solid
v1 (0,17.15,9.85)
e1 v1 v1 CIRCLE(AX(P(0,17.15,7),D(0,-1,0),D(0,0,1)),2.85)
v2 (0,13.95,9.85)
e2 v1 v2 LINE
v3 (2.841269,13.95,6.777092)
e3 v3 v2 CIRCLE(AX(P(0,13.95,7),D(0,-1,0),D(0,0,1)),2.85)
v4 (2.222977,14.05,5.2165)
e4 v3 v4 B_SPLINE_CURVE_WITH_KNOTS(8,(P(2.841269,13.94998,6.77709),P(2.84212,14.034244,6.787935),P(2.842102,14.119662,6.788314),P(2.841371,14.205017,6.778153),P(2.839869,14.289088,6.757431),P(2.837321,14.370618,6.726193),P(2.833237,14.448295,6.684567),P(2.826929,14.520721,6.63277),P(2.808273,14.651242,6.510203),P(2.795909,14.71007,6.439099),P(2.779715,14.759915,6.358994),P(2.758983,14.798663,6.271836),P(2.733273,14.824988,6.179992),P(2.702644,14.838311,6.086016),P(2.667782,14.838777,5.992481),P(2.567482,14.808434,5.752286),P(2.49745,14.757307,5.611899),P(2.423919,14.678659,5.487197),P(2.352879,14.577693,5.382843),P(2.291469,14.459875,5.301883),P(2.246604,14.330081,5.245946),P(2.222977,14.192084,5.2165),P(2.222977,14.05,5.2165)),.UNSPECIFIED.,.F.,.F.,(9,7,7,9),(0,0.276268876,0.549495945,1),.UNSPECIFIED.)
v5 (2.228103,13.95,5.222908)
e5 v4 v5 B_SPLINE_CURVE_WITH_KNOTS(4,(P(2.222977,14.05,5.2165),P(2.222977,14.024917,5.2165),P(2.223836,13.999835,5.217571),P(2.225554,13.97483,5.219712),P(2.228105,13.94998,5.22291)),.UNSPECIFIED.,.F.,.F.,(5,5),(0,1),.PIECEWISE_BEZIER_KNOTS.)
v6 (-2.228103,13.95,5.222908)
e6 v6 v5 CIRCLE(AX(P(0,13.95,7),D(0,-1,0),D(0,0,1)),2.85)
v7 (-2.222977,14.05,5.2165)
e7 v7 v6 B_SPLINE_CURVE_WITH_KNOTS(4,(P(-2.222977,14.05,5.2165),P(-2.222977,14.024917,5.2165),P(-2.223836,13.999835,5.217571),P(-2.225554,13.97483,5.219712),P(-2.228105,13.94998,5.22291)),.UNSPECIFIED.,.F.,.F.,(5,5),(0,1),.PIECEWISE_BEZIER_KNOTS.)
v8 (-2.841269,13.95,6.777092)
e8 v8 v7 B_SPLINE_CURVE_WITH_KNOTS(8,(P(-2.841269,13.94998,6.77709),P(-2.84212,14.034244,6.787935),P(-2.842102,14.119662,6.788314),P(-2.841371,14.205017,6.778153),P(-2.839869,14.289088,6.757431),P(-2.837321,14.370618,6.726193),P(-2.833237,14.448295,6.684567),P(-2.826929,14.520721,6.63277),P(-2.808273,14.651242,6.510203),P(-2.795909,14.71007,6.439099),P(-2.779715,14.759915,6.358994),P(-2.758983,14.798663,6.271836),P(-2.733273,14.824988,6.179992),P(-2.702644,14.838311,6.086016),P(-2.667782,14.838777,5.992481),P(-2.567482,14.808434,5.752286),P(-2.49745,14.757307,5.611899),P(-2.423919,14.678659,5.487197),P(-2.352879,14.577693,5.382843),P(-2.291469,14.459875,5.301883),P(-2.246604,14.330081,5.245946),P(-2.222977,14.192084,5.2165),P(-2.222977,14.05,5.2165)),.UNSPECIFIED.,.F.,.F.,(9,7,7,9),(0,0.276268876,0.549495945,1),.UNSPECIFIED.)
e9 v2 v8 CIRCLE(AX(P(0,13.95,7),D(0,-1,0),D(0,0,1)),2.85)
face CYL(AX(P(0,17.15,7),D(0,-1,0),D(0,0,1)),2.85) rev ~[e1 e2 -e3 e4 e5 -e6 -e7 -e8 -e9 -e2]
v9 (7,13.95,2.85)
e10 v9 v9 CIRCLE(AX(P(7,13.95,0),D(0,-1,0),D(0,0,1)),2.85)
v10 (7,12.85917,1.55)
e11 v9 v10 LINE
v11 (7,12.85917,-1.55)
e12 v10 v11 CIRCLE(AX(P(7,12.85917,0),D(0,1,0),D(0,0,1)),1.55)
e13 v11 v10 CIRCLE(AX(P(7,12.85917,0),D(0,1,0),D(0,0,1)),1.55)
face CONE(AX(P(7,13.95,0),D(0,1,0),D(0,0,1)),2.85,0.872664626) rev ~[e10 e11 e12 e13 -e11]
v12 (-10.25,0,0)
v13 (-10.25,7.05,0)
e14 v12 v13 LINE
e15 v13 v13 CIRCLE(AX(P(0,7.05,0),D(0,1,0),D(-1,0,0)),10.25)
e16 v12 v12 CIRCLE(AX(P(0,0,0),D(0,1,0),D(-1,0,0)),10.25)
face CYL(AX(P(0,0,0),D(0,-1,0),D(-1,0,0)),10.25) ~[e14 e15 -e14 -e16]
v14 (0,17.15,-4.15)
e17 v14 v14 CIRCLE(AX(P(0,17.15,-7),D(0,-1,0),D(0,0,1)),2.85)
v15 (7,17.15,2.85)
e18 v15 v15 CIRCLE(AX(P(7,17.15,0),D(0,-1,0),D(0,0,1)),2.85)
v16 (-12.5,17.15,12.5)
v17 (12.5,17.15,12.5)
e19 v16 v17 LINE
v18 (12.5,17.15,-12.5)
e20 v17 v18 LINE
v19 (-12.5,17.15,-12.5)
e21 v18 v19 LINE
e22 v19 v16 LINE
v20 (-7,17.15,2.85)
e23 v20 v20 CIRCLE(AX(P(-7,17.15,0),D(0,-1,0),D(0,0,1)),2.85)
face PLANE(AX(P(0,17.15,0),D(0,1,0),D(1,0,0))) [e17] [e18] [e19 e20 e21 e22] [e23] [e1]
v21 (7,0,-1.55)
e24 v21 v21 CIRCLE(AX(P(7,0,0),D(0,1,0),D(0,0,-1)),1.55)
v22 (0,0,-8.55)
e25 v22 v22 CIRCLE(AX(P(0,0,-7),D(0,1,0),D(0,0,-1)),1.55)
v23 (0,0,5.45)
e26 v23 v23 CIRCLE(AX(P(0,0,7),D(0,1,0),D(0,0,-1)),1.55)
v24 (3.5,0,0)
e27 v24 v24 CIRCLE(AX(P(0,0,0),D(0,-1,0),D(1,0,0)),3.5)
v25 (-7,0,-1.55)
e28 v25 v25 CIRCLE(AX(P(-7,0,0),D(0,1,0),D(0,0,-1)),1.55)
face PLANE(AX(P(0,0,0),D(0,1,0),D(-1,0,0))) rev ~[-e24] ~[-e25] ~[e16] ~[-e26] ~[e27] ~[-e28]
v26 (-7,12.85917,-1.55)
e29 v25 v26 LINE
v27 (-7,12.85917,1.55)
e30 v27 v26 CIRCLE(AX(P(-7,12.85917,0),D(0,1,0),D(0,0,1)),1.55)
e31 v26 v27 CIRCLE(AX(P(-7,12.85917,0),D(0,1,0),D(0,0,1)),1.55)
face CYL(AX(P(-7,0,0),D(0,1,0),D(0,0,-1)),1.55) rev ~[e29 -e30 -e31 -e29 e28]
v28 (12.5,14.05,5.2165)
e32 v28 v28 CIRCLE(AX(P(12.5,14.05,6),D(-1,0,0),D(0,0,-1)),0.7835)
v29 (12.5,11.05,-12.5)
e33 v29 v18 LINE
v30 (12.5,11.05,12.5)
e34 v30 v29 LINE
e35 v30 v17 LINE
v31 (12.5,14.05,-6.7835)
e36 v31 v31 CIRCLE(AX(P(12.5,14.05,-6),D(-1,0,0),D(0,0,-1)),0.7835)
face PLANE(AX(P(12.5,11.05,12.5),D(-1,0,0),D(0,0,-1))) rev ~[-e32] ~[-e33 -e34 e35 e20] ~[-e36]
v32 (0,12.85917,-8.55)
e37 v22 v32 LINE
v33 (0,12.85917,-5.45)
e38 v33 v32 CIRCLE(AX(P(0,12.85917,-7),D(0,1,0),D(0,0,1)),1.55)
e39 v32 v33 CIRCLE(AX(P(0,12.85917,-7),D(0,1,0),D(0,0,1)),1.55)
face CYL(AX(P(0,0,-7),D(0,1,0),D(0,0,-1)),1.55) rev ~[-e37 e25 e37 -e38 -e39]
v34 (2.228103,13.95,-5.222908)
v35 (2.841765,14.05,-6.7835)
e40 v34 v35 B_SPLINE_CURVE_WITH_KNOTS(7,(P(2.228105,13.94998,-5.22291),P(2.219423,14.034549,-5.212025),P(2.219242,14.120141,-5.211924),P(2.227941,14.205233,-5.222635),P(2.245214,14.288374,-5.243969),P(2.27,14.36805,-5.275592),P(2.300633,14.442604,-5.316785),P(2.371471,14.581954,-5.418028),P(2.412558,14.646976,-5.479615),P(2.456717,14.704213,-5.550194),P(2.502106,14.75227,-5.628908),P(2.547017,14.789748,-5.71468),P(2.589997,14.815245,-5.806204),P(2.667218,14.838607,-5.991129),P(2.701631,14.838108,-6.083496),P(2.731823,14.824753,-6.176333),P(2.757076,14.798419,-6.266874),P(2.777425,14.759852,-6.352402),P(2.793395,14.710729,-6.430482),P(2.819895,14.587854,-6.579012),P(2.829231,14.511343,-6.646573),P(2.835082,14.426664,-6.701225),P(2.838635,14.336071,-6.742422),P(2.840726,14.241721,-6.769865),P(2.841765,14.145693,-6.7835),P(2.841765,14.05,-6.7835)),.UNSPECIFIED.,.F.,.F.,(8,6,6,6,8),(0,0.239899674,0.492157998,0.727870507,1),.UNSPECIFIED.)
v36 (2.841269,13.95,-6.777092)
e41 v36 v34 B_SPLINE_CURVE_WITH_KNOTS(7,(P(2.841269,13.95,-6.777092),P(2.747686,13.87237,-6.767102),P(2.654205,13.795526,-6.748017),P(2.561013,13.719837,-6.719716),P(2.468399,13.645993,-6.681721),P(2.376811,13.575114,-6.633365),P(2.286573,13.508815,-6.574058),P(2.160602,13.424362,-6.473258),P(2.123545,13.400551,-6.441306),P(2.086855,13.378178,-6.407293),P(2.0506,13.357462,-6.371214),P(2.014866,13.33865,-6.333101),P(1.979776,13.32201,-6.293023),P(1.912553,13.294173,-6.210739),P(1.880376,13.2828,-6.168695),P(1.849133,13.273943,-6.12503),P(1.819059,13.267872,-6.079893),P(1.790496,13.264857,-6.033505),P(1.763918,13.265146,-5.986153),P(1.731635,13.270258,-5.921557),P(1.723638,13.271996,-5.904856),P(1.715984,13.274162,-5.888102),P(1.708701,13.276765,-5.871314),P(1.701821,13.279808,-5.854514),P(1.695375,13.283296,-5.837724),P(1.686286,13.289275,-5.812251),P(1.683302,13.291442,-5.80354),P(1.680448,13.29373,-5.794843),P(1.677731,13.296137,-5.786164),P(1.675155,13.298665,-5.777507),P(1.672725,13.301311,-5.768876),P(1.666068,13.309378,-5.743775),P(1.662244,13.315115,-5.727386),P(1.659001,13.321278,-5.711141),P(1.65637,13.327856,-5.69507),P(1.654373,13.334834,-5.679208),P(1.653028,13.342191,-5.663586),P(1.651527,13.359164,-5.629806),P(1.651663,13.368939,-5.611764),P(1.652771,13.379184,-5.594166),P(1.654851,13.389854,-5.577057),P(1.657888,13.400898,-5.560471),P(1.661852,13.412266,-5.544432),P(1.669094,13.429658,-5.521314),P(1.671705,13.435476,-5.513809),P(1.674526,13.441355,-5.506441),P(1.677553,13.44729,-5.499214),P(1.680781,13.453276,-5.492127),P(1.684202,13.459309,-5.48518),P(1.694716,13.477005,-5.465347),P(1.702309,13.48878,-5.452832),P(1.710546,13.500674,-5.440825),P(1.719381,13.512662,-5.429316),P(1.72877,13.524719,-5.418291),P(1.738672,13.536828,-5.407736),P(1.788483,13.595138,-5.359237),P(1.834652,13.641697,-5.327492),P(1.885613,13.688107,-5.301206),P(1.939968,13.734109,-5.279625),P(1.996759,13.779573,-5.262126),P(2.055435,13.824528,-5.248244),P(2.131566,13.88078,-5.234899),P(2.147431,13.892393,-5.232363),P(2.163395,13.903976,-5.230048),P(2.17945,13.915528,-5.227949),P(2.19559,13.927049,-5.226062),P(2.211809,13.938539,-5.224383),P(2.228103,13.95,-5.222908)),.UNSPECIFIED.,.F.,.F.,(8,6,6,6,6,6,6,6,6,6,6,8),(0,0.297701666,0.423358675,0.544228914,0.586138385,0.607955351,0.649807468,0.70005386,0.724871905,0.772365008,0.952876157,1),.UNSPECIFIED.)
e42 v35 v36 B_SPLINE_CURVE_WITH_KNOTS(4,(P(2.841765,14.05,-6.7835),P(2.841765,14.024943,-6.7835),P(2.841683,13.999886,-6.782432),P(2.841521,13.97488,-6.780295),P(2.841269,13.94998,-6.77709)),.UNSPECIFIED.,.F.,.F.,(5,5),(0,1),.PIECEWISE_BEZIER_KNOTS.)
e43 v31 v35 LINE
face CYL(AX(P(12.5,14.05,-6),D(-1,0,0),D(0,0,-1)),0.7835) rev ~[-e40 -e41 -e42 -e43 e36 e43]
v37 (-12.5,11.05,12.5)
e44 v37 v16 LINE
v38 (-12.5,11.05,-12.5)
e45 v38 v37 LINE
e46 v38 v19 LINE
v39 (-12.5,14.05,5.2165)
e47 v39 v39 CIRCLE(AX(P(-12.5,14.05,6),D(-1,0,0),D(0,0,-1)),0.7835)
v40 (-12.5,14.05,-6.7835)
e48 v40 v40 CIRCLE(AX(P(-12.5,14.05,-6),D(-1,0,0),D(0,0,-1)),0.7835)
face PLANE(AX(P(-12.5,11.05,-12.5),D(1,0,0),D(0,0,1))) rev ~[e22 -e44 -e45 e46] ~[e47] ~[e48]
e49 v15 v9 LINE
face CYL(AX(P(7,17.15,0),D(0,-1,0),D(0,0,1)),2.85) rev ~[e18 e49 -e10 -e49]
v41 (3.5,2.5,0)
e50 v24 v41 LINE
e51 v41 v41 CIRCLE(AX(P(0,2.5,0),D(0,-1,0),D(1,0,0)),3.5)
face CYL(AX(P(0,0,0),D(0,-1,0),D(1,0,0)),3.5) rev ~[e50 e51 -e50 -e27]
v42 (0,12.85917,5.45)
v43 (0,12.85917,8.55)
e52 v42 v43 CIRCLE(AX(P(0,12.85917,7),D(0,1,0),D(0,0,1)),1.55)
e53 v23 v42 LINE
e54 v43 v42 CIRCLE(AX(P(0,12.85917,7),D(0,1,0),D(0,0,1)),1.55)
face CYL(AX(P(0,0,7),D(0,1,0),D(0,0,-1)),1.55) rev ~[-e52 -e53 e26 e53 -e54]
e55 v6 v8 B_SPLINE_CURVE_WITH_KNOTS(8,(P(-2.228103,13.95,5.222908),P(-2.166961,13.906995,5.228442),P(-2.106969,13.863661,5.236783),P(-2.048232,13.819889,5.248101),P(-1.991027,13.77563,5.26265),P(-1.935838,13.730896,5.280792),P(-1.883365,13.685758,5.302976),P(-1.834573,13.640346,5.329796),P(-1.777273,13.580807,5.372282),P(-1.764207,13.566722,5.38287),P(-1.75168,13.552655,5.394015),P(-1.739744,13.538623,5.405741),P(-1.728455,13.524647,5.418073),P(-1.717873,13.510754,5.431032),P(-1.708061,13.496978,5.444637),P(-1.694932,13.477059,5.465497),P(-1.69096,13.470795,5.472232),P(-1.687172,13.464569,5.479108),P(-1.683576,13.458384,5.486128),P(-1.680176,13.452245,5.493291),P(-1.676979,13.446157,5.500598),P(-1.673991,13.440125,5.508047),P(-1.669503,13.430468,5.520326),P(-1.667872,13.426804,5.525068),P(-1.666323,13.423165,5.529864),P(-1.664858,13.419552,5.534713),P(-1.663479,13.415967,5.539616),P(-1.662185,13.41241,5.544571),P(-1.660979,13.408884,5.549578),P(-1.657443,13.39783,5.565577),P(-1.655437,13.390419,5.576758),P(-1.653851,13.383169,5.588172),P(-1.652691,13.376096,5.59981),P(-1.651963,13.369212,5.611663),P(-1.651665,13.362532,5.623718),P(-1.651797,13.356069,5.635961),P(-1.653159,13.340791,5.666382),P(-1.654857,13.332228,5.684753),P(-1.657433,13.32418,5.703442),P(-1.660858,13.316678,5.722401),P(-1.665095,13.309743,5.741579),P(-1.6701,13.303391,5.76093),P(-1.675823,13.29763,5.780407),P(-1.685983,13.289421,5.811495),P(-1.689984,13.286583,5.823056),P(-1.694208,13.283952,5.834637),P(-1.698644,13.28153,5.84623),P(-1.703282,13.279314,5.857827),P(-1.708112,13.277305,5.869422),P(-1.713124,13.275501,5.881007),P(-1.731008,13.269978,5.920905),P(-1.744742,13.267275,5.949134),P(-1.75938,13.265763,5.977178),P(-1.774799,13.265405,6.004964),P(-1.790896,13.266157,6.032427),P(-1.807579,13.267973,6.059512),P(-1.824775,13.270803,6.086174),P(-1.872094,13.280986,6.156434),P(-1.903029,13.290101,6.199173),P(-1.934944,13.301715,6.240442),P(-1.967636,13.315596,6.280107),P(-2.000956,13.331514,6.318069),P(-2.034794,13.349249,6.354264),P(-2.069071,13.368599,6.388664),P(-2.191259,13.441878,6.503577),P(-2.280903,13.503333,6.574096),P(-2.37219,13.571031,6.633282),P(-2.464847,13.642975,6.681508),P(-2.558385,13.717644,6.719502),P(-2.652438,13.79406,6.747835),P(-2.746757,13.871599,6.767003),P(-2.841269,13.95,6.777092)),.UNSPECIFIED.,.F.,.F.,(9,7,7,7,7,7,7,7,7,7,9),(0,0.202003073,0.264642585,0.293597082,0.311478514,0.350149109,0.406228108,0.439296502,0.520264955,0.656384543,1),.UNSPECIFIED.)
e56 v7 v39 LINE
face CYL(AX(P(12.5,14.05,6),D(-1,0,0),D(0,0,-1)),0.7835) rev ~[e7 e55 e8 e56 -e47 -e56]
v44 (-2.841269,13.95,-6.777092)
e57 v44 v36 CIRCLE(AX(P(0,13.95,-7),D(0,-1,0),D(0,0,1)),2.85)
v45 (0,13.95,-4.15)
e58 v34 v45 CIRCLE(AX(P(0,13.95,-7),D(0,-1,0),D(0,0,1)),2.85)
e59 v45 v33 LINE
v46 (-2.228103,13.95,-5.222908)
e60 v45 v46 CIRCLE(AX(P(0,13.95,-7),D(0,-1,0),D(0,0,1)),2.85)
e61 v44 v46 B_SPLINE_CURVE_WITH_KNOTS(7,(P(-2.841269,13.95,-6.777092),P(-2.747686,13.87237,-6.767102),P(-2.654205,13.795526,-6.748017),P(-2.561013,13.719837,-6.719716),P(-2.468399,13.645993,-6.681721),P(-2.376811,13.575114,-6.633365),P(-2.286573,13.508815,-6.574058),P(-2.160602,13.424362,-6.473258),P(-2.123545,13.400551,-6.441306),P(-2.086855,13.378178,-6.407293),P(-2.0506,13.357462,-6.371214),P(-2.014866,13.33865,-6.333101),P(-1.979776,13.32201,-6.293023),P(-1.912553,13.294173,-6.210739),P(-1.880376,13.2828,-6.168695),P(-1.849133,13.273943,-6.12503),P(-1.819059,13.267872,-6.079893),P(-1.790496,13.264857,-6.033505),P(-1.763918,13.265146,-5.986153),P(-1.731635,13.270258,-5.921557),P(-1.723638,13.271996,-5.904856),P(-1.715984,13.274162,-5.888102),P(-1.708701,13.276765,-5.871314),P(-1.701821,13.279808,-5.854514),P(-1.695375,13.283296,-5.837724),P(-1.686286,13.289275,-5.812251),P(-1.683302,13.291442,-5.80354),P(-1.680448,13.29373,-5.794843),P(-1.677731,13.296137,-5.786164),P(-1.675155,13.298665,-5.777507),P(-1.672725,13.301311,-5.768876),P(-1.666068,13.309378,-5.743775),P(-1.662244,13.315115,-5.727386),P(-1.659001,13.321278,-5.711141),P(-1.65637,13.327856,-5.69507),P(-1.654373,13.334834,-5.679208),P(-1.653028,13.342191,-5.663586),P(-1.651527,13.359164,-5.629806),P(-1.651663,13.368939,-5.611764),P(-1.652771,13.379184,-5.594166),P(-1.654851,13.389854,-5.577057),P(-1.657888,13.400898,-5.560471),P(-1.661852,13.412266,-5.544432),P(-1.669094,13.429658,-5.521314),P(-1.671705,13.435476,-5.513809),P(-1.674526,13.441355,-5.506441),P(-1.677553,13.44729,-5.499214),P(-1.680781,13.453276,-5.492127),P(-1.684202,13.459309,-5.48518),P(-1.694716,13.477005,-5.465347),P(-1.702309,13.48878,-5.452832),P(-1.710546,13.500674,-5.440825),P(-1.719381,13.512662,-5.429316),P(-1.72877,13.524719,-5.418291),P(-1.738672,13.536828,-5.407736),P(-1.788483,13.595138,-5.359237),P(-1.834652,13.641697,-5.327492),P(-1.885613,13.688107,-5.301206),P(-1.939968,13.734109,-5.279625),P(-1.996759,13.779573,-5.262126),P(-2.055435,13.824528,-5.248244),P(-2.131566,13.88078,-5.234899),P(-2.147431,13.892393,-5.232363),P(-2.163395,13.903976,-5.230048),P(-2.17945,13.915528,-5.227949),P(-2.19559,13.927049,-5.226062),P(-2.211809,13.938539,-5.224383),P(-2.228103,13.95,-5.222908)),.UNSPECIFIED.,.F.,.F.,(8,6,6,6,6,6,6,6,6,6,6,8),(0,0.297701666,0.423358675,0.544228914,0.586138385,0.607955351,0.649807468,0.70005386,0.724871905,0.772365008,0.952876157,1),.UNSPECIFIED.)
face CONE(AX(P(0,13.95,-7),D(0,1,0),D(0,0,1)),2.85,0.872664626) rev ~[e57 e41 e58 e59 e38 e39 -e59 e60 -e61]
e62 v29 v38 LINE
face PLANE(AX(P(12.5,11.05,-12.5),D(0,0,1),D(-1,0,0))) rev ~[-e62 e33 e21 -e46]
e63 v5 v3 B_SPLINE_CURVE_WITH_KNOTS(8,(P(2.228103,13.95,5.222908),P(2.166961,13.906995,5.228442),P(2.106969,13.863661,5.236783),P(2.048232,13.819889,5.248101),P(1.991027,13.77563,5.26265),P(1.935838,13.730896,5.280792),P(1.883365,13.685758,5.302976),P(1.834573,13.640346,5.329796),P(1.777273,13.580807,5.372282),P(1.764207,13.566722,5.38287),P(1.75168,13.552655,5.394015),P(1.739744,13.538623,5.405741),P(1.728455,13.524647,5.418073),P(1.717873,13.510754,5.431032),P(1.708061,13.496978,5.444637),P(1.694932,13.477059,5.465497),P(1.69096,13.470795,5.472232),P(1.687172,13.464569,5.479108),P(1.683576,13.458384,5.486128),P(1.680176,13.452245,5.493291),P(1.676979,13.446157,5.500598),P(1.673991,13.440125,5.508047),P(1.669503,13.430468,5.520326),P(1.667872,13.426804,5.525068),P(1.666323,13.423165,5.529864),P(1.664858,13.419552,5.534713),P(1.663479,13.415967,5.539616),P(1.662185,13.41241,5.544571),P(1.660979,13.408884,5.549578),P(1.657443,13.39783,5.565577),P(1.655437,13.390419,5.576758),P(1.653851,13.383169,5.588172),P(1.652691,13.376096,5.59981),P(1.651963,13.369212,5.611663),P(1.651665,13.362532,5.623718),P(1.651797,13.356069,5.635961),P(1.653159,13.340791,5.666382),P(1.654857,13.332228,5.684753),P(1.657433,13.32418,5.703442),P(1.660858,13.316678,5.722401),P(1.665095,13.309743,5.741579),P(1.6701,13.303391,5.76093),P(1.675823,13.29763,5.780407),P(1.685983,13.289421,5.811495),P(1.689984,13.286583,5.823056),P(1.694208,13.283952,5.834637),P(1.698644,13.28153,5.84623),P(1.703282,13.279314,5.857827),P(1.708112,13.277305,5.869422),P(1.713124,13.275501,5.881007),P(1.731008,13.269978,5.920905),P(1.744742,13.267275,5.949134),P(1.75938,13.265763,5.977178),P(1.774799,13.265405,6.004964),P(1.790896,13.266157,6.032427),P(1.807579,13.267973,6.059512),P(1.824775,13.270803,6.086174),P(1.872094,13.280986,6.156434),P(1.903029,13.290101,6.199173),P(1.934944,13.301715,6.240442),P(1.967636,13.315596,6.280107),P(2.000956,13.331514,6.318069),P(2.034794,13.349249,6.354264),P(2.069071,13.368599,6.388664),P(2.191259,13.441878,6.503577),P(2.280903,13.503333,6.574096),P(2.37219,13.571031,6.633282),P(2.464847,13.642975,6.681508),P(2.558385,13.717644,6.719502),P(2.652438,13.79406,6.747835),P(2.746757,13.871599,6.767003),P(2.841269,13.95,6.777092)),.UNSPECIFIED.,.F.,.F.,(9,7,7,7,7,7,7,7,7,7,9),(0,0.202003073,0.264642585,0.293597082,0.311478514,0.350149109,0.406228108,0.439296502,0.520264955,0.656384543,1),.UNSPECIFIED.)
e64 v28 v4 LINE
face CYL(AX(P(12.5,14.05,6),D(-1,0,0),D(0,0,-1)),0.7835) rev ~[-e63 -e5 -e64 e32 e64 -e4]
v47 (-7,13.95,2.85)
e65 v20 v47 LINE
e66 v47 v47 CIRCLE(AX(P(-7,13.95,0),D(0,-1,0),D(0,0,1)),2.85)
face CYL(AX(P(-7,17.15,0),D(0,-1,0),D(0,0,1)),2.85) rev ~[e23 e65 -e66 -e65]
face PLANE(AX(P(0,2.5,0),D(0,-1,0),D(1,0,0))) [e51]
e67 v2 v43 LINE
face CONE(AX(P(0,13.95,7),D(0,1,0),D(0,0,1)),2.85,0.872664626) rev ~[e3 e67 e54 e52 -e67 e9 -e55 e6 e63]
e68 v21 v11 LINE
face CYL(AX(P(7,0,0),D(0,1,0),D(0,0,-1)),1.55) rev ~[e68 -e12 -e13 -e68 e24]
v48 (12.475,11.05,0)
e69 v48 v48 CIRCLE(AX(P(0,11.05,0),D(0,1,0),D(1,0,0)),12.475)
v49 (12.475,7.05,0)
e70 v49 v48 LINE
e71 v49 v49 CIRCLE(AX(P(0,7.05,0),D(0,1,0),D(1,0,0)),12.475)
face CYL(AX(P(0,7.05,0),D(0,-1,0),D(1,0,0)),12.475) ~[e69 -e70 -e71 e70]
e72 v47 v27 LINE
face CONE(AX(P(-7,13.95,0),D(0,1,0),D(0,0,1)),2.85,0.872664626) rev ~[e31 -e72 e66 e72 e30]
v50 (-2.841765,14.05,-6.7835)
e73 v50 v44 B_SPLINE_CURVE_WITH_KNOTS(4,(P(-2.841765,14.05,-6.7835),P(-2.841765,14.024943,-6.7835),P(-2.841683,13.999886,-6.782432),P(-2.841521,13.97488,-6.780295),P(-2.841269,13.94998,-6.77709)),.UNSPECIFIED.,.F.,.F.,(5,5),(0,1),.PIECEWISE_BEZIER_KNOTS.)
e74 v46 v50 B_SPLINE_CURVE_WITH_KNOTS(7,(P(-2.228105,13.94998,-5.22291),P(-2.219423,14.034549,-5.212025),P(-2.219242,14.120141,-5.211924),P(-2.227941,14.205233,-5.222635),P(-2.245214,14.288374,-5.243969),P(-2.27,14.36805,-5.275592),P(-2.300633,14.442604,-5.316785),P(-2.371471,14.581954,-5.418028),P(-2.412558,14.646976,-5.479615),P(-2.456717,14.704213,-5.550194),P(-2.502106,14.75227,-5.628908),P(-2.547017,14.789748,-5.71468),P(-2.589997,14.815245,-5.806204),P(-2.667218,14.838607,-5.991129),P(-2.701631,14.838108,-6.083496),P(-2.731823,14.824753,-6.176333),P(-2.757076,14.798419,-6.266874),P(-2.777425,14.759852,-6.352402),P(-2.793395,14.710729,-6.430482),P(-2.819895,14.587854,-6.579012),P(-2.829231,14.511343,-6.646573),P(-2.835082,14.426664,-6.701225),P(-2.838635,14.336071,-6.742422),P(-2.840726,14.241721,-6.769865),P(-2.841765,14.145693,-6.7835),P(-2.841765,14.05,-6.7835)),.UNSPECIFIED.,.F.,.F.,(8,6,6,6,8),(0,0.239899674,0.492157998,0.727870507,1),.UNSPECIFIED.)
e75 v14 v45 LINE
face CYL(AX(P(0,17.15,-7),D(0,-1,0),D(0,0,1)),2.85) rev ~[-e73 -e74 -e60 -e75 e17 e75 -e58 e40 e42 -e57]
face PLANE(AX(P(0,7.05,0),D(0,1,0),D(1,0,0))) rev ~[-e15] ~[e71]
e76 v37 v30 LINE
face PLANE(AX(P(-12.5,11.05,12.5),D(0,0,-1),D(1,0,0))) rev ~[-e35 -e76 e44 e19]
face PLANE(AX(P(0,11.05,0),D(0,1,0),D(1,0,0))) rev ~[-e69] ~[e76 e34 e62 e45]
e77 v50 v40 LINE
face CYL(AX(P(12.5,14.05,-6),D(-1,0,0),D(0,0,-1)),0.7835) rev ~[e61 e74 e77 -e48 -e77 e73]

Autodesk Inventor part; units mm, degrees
ref_plane "YZ Plane" through (0, 0, 0) normal (1, 0, 0) x (0, 1, 0)
ref_plane "XZ Plane" through (0, 0, 0) normal (0, 1, 0) x (-1, 0, 0)
ref_plane "XY Plane" through (0, 0, 0) normal (0, 0, 1) x (1, 0, 0)
sketch "Sketch1" plane through (0, 0, 0) normal (0, 1, 0) x (-1, 0, 0)
  circle A0 centre (0, 0) radius 10.25
  dimension "d0" = 20.5
extrude "Extrusion1" add sketch "Sketch1" along normal blind 7.05
sketch "Sketch2" plane through (0, 7.05, 0) normal (0, 1, 0) x (1, 0, 0)
  circle A0 centre (0, 0) radius 12.475
  dimension "d3" = 24.95
extrude "Extrusion2" add sketch "Sketch2" along normal blind 4
sketch "Sketch3" plane through (0, 11.05, 0) normal (0, 1, 0) x (1, 0, 0)
  circle A0 centre (0, 0) radius 12.475 projected
  line L0 (-12.5, -12.5) -> (12.5, -12.5)
  line L1 (12.5, -12.5) -> (12.5, 12.5)
  line L2 (12.5, 12.5) -> (-12.5, 12.5)
  line L3 (-12.5, 12.5) -> (-12.5, -12.5)
  point P0 (-12.5, 0)
  point P1 (0, -12.5)
  dimension "d6" = 25
  dimension "d7" = 25
extrude "Extrusion3" add sketch "Sketch3" along normal blind 6.1 contours A0 | L3 L2 L1 L0
sketch "Sketch4" plane through (12.5, 11.05, 12.5) normal (1, 0, 0) x (0, 0, -1)
  line L0 (0, 0) -> (25, 0) projected
  line L1 (25, 0) -> (25, 6.1) projected
  line L2 (0, 6.1) -> (25, 6.1) projected
  line L3 (0, 0) -> (0, 6.1) projected
  line L4 (24.975, 0) -> (0.025, 0) projected
  line L5 (6.5, 0) -> (18.5, 0)
  line L6 (18.5, 0) -> (18.5, 3)
  line L7 (18.5, 3) -> (6.5, 3)
  line L8 (6.5, 3) -> (6.5, 0)
  point P0 (12.5, -11.05)
  point P1 (12.5, 3)
  point P2 (12.5, 0)
  point P3 (12.5, 0)
  dimension "d10" = 12
  dimension "d11" = 3
hole "Hole1" at (12.5, 14.05, 6) at (12.5, 14.05, -6) direction (-1, 0, 0) diameter 1.567 end through all thread size "M2x0.4" class "6H" standard "ANSI Metric M Profile"
sketch "Sketch5" plane through (0, 0, 0) normal (0, -1, 0) x (1, 0, 0)
  circle A0 centre (0, 0) radius 3.5
  dimension "d19" = 7
extrude "Extrusion4" cut sketch "Sketch5" against normal blind 2.5
sketch "Sketch6" plane through (0, 0, 0) normal (0, -1, 0) x (1, 0, 0)
  circle A0 centre (0, 0) radius 7
  line L0 (0, 7) -> (-7, 0)
  line L1 (-7, 0) -> (0, -7)
  line L2 (0, -7) -> (7, 0)
  line L3 (7, 0) -> (0, 7)
  dimension "d22" = 14
hole "Hole2" at (0, 0, 7) at (-7, 0, 0) at (0, 0, -7) at (7, 0, 0) direction (0, 1, 0) diameter 3.1 end through all clearance for "Flat Head Machine Screw" size "M3" standard "Ansi Metric M Profile"
sketch "Sketch7" plane through (0, 17.15, 0) normal (0, 1, 0) x (1, 0, 0)
  circle A0 centre (0, 7) radius 1.55 projected
  circle A1 centre (0, -7) radius 1.55 projected
  circle A2 centre (-7, 0) radius 1.55 projected
  circle A3 centre (7, 0) radius 1.55 projected
  line L0 (-12.5, -12.5) -> (12.5, -12.5) projected
  line L1 (12.5, -12.5) -> (12.5, 12.5) projected
  line L2 (12.5, 12.5) -> (-12.5, 12.5) projected
  line L3 (-12.5, 12.5) -> (-12.5, -12.5) projected
  point P0 (0, 0)
hole "Hole3" at (0, 17.15, 7) at (7, 17.15, 0) at (0, 17.15, -7) at (-7, 17.15, 0) direction (0, -1, 0) diameter 5.7 depth 3.2 tip angle 100
equation "\"d7\" = d6"
properties part number "c_axisrot"
